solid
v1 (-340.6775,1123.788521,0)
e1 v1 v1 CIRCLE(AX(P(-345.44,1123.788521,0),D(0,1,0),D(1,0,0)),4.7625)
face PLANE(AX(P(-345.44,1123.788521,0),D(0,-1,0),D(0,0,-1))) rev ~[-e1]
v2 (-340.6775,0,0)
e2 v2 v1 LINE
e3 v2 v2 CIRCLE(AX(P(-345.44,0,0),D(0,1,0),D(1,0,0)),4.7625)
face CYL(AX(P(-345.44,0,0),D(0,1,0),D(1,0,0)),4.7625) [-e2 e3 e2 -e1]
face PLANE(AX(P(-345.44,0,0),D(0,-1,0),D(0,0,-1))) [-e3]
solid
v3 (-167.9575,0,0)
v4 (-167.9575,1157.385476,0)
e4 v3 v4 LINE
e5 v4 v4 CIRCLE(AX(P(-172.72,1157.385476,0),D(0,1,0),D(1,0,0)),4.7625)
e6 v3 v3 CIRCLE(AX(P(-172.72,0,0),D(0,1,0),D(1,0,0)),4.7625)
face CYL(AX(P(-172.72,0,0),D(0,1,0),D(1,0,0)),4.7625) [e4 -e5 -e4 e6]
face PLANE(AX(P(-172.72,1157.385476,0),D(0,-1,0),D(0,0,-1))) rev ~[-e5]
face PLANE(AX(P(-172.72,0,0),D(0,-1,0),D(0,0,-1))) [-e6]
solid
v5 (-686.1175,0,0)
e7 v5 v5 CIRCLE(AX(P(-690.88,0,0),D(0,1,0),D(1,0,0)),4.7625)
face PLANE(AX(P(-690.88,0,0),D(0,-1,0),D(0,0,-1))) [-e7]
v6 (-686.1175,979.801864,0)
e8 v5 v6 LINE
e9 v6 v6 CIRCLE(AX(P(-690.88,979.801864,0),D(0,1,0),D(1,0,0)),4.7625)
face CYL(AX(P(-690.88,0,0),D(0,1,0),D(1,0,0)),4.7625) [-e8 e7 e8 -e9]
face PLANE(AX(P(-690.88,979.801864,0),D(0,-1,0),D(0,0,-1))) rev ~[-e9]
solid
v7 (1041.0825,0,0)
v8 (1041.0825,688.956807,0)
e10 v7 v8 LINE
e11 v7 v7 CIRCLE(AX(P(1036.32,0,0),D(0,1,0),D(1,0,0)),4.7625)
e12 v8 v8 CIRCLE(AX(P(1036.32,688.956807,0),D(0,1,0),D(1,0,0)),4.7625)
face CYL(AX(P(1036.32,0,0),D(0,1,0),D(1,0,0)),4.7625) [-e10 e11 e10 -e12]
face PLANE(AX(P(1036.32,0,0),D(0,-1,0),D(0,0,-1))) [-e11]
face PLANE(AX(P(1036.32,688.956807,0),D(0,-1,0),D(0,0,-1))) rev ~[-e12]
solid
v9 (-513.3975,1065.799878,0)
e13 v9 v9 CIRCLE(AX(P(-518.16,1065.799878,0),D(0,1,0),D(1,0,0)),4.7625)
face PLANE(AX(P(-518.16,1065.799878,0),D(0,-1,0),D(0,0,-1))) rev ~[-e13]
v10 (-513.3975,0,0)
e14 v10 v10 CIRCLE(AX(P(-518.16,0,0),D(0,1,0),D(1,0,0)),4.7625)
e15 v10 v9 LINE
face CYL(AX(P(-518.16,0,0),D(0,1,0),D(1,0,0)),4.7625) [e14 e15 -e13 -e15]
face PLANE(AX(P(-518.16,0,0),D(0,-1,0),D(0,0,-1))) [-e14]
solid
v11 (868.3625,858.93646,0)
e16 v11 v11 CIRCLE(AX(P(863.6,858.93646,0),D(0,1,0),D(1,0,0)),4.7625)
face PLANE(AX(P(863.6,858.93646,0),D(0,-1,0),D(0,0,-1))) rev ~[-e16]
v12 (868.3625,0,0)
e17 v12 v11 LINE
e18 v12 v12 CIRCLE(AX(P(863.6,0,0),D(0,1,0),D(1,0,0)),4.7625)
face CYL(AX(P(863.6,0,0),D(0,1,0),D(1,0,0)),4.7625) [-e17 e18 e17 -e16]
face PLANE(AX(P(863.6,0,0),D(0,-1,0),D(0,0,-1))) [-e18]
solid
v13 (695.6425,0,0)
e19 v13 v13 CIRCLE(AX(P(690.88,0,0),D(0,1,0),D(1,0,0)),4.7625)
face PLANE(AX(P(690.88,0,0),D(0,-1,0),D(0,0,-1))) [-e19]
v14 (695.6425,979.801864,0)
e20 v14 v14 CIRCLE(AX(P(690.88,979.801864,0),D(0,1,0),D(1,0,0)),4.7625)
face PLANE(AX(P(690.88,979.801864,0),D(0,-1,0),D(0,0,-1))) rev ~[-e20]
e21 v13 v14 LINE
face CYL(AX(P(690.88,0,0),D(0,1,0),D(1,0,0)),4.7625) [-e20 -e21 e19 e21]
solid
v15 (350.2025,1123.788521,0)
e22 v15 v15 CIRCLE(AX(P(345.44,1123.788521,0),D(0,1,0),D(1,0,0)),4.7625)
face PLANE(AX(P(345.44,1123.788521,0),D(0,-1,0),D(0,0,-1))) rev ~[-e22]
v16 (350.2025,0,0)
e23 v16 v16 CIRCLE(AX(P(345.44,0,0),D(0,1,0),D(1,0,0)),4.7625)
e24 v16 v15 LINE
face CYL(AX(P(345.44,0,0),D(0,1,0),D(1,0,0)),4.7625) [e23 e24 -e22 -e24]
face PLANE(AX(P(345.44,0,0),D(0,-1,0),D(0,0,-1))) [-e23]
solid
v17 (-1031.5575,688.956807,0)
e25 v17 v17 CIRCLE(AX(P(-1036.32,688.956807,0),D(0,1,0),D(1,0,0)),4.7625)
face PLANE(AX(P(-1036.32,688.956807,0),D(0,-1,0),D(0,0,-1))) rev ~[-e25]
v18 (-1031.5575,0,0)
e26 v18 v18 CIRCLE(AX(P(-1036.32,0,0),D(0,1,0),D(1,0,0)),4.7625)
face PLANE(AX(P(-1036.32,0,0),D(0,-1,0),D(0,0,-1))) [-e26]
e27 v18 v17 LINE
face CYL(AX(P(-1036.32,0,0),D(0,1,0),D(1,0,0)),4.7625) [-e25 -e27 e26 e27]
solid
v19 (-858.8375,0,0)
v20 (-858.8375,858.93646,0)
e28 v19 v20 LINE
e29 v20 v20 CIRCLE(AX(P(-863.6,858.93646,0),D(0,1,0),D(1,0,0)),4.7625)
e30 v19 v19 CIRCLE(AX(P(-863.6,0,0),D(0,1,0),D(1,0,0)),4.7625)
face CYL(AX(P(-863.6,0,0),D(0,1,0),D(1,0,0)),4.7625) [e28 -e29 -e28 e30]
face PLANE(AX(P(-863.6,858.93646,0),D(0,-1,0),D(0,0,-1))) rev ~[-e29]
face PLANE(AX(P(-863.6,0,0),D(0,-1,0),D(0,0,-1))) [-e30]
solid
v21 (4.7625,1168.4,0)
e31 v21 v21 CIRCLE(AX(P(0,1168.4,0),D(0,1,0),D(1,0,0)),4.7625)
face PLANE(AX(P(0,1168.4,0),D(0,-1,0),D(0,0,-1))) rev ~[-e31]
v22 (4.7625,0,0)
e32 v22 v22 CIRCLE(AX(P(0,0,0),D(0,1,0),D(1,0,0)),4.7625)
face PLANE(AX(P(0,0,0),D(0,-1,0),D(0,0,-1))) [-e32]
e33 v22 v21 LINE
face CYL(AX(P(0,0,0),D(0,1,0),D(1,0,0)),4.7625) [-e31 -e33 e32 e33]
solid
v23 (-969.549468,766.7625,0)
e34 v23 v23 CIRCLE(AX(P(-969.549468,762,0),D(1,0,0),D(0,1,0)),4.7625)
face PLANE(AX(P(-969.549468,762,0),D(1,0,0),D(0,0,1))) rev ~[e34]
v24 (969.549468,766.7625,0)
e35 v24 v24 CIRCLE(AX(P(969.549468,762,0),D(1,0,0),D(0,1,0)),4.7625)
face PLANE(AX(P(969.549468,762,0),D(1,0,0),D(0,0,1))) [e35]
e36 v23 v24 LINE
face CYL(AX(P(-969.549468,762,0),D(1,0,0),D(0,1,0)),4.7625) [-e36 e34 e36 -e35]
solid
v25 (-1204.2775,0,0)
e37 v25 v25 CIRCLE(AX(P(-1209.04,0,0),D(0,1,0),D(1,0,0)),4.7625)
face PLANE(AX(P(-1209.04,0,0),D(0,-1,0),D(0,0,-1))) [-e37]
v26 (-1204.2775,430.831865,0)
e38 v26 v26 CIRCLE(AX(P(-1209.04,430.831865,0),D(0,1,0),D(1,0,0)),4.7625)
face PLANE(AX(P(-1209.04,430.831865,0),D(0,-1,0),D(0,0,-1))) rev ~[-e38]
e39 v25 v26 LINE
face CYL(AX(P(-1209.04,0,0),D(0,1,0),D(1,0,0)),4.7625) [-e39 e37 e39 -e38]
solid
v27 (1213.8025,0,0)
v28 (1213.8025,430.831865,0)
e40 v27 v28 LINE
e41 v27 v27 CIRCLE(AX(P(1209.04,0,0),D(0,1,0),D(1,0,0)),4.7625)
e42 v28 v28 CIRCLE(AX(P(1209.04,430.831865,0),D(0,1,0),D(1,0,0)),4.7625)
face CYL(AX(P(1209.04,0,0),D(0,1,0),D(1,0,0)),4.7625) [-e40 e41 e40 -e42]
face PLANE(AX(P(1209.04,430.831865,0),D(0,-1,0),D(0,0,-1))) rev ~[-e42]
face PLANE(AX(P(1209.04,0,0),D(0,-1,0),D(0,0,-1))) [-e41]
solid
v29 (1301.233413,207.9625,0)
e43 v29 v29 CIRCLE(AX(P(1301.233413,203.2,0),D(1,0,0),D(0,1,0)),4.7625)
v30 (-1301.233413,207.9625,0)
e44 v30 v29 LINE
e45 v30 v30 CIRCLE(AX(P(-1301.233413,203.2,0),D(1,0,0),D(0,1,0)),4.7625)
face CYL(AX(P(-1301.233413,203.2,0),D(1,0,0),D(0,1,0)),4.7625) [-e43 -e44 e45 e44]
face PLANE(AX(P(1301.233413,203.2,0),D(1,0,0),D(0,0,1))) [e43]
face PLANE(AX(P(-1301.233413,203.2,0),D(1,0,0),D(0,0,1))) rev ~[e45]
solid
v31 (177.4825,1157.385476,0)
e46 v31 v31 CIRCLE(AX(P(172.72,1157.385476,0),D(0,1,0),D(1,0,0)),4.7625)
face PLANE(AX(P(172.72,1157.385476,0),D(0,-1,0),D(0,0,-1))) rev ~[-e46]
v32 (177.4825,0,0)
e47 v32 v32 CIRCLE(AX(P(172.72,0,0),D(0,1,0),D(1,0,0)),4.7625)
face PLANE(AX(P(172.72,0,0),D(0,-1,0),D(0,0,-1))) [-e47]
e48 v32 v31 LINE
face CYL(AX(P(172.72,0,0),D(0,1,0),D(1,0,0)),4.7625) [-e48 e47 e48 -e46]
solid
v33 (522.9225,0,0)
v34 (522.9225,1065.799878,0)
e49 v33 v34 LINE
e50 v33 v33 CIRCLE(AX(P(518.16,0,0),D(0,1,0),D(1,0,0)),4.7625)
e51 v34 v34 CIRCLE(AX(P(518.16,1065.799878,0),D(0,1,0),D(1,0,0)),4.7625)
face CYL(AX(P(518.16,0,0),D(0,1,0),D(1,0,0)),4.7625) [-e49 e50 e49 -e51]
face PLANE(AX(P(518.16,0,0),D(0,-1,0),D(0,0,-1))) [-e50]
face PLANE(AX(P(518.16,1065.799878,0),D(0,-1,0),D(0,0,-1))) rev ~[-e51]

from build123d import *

# Parameters (mm, degrees)
F2_R  = 4.7625
F18_R = 4.7625


with BuildPart() as f3:
    # F3: sweep along a path in F0
    with BuildLine(Plane.XY) as f3_path:
        Line((-1209.04, 0), (-1209.04, 430.831865))
    # F2 (on Front) → F3 (sweep)
    with BuildSketch(Plane.XZ):
        with Locations((-1209.04, 0)):
            Circle(F2_R)
    sweep(path=f3_path.line)


with BuildPart() as f4:
    # F4: sweep along a path in F0
    with BuildLine(Plane.XY) as f4_path:
        Line((-1036.32, 0), (-1036.32, 688.956807))
    # F2 (on Front) → F4 (sweep)
    with BuildSketch(Plane.XZ):
        with Locations((-1036.32, 0)):
            Circle(F2_R)
    sweep(path=f4_path.line)


with BuildPart() as f5:
    # F5: sweep along a path in F0
    with BuildLine(Plane.XY) as f5_path:
        Line((-863.6, 0), (-863.6, 858.93646))
    # F2 (on Front) → F5 (sweep)
    with BuildSketch(Plane.XZ):
        with Locations((-863.6, 0)):
            Circle(F2_R)
    sweep(path=f5_path.line)


with BuildPart() as f6:
    # F6: sweep along a path in F0
    with BuildLine(Plane.XY) as f6_path:
        Line((-690.88, 0), (-690.88, 979.801864))
    # F2 (on Front) → F6 (sweep)
    with BuildSketch(Plane.XZ):
        with Locations((-690.88, 0)):
            Circle(F2_R)
    sweep(path=f6_path.line)


with BuildPart() as f7:
    # F7: sweep along a path in F0
    with BuildLine(Plane.XY) as f7_path:
        Line((-518.16, 0), (-518.16, 1065.799878))
    # F2 (on Front) → F7 (sweep)
    with BuildSketch(Plane.XZ):
        with Locations((-518.16, 0)):
            Circle(F2_R)
    sweep(path=f7_path.line)


with BuildPart() as f8:
    # F8: sweep along a path in F0
    with BuildLine(Plane.XY) as f8_path:
        Line((-345.44, 0), (-345.44, 1123.788521))
    # F2 (on Front) → F8 (sweep)
    with BuildSketch(Plane.XZ):
        with Locations((-345.44, 0)):
            Circle(F2_R)
    sweep(path=f8_path.line)


with BuildPart() as f9:
    # F9: sweep along a path in F0
    with BuildLine(Plane.XY) as f9_path:
        Line((-172.72, 0), (-172.72, 1157.385476))
    # F2 (on Front) → F9 (sweep)
    with BuildSketch(Plane.XZ):
        with Locations((-172.72, 0)):
            Circle(F2_R)
    sweep(path=f9_path.line)


with BuildPart() as f10:
    # F10: sweep along a path in F0
    with BuildLine(Plane.XY) as f10_path:
        Line((0, 0), (0, 1168.4))
    # F2 (on Front) → F10 (sweep)
    with BuildSketch(Plane.XZ):
        Circle(F2_R)
    sweep(path=f10_path.line)


with BuildPart() as f11:
    # F11: sweep along a path in F0
    with BuildLine(Plane.XY) as f11_path:
        Line((172.72, 0), (172.72, 1157.385476))
    # F2 (on Front) → F11 (sweep)
    with BuildSketch(Plane.XZ):
        with Locations((172.72, 0)):
            Circle(F2_R)
    sweep(path=f11_path.line)


with BuildPart() as f12:
    # F12: sweep along a path in F0
    with BuildLine(Plane.XY) as f12_path:
        Line((345.44, 0), (345.44, 1123.788521))
    # F2 (on Front) → F12 (sweep)
    with BuildSketch(Plane.XZ):
        with Locations((345.44, 0)):
            Circle(F2_R)
    sweep(path=f12_path.line)


with BuildPart() as f13:
    # F13: sweep along a path in F0
    with BuildLine(Plane.XY) as f13_path:
        Line((518.16, 0), (518.16, 1065.799878))
    # F2 (on Front) → F13 (sweep)
    with BuildSketch(Plane.XZ):
        with Locations((518.16, 0)):
            Circle(F2_R)
    sweep(path=f13_path.line)


with BuildPart() as f14:
    # F14: sweep along a path in F0
    with BuildLine(Plane.XY) as f14_path:
        Line((690.88, 0), (690.88, 979.801864))
    # F2 (on Front) → F14 (sweep)
    with BuildSketch(Plane.XZ):
        with Locations((690.88, 0)):
            Circle(F2_R)
    sweep(path=f14_path.line)


with BuildPart() as f15:
    # F15: sweep along a path in F0
    with BuildLine(Plane.XY) as f15_path:
        Line((863.6, 0), (863.6, 858.93646))
    # F2 (on Front) → F15 (sweep)
    with BuildSketch(Plane.XZ):
        with Locations((863.6, 0)):
            Circle(F2_R)
    sweep(path=f15_path.line)


with BuildPart() as f16:
    # F16: sweep along a path in F0
    with BuildLine(Plane.XY) as f16_path:
        Line((1036.32, 0), (1036.32, 688.956807))
    # F2 (on Front) → F16 (sweep)
    with BuildSketch(Plane.XZ):
        with Locations((1036.32, 0)):
            Circle(F2_R)
    sweep(path=f16_path.line)


with BuildPart() as f17:
    # F17: sweep along a path in F0
    with BuildLine(Plane.XY) as f17_path:
        Line((1209.04, 0), (1209.04, 430.831865))
    # F2 (on Front) → F17 (sweep)
    with BuildSketch(Plane.XZ):
        with Locations((1209.04, 0)):
            Circle(F2_R)
    sweep(path=f17_path.line)


with BuildPart() as f19:
    # F19: sweep along a path in F1
    with BuildLine(Plane.XY) as f19_path:
        Line((-969.549468, 762), (969.549468, 762))
    # F18 (on Right) → F19 (sweep)
    with BuildSketch(Plane.YZ):
        with Locations((762, 0)):
            Circle(F18_R)
    sweep(path=f19_path.line)


with BuildPart() as f20:
    # F20: sweep along a path in F1
    with BuildLine(Plane.XY) as f20_path:
        Line((-1301.233413, 203.2), (1301.233413, 203.2))
    # F18 (on Right) → F20 (sweep)
    with BuildSketch(Plane.YZ):
        with Locations((203.2, 0)):
            Circle(F18_R)
    sweep(path=f20_path.line)


solid = Compound([f3.part, f4.part, f5.part, f6.part, f7.part, f8.part, f9.part, f10.part, f11.part, f12.part, f13.part, f14.part, f15.part, f16.part, f17.part, f19.part, f20.part])
